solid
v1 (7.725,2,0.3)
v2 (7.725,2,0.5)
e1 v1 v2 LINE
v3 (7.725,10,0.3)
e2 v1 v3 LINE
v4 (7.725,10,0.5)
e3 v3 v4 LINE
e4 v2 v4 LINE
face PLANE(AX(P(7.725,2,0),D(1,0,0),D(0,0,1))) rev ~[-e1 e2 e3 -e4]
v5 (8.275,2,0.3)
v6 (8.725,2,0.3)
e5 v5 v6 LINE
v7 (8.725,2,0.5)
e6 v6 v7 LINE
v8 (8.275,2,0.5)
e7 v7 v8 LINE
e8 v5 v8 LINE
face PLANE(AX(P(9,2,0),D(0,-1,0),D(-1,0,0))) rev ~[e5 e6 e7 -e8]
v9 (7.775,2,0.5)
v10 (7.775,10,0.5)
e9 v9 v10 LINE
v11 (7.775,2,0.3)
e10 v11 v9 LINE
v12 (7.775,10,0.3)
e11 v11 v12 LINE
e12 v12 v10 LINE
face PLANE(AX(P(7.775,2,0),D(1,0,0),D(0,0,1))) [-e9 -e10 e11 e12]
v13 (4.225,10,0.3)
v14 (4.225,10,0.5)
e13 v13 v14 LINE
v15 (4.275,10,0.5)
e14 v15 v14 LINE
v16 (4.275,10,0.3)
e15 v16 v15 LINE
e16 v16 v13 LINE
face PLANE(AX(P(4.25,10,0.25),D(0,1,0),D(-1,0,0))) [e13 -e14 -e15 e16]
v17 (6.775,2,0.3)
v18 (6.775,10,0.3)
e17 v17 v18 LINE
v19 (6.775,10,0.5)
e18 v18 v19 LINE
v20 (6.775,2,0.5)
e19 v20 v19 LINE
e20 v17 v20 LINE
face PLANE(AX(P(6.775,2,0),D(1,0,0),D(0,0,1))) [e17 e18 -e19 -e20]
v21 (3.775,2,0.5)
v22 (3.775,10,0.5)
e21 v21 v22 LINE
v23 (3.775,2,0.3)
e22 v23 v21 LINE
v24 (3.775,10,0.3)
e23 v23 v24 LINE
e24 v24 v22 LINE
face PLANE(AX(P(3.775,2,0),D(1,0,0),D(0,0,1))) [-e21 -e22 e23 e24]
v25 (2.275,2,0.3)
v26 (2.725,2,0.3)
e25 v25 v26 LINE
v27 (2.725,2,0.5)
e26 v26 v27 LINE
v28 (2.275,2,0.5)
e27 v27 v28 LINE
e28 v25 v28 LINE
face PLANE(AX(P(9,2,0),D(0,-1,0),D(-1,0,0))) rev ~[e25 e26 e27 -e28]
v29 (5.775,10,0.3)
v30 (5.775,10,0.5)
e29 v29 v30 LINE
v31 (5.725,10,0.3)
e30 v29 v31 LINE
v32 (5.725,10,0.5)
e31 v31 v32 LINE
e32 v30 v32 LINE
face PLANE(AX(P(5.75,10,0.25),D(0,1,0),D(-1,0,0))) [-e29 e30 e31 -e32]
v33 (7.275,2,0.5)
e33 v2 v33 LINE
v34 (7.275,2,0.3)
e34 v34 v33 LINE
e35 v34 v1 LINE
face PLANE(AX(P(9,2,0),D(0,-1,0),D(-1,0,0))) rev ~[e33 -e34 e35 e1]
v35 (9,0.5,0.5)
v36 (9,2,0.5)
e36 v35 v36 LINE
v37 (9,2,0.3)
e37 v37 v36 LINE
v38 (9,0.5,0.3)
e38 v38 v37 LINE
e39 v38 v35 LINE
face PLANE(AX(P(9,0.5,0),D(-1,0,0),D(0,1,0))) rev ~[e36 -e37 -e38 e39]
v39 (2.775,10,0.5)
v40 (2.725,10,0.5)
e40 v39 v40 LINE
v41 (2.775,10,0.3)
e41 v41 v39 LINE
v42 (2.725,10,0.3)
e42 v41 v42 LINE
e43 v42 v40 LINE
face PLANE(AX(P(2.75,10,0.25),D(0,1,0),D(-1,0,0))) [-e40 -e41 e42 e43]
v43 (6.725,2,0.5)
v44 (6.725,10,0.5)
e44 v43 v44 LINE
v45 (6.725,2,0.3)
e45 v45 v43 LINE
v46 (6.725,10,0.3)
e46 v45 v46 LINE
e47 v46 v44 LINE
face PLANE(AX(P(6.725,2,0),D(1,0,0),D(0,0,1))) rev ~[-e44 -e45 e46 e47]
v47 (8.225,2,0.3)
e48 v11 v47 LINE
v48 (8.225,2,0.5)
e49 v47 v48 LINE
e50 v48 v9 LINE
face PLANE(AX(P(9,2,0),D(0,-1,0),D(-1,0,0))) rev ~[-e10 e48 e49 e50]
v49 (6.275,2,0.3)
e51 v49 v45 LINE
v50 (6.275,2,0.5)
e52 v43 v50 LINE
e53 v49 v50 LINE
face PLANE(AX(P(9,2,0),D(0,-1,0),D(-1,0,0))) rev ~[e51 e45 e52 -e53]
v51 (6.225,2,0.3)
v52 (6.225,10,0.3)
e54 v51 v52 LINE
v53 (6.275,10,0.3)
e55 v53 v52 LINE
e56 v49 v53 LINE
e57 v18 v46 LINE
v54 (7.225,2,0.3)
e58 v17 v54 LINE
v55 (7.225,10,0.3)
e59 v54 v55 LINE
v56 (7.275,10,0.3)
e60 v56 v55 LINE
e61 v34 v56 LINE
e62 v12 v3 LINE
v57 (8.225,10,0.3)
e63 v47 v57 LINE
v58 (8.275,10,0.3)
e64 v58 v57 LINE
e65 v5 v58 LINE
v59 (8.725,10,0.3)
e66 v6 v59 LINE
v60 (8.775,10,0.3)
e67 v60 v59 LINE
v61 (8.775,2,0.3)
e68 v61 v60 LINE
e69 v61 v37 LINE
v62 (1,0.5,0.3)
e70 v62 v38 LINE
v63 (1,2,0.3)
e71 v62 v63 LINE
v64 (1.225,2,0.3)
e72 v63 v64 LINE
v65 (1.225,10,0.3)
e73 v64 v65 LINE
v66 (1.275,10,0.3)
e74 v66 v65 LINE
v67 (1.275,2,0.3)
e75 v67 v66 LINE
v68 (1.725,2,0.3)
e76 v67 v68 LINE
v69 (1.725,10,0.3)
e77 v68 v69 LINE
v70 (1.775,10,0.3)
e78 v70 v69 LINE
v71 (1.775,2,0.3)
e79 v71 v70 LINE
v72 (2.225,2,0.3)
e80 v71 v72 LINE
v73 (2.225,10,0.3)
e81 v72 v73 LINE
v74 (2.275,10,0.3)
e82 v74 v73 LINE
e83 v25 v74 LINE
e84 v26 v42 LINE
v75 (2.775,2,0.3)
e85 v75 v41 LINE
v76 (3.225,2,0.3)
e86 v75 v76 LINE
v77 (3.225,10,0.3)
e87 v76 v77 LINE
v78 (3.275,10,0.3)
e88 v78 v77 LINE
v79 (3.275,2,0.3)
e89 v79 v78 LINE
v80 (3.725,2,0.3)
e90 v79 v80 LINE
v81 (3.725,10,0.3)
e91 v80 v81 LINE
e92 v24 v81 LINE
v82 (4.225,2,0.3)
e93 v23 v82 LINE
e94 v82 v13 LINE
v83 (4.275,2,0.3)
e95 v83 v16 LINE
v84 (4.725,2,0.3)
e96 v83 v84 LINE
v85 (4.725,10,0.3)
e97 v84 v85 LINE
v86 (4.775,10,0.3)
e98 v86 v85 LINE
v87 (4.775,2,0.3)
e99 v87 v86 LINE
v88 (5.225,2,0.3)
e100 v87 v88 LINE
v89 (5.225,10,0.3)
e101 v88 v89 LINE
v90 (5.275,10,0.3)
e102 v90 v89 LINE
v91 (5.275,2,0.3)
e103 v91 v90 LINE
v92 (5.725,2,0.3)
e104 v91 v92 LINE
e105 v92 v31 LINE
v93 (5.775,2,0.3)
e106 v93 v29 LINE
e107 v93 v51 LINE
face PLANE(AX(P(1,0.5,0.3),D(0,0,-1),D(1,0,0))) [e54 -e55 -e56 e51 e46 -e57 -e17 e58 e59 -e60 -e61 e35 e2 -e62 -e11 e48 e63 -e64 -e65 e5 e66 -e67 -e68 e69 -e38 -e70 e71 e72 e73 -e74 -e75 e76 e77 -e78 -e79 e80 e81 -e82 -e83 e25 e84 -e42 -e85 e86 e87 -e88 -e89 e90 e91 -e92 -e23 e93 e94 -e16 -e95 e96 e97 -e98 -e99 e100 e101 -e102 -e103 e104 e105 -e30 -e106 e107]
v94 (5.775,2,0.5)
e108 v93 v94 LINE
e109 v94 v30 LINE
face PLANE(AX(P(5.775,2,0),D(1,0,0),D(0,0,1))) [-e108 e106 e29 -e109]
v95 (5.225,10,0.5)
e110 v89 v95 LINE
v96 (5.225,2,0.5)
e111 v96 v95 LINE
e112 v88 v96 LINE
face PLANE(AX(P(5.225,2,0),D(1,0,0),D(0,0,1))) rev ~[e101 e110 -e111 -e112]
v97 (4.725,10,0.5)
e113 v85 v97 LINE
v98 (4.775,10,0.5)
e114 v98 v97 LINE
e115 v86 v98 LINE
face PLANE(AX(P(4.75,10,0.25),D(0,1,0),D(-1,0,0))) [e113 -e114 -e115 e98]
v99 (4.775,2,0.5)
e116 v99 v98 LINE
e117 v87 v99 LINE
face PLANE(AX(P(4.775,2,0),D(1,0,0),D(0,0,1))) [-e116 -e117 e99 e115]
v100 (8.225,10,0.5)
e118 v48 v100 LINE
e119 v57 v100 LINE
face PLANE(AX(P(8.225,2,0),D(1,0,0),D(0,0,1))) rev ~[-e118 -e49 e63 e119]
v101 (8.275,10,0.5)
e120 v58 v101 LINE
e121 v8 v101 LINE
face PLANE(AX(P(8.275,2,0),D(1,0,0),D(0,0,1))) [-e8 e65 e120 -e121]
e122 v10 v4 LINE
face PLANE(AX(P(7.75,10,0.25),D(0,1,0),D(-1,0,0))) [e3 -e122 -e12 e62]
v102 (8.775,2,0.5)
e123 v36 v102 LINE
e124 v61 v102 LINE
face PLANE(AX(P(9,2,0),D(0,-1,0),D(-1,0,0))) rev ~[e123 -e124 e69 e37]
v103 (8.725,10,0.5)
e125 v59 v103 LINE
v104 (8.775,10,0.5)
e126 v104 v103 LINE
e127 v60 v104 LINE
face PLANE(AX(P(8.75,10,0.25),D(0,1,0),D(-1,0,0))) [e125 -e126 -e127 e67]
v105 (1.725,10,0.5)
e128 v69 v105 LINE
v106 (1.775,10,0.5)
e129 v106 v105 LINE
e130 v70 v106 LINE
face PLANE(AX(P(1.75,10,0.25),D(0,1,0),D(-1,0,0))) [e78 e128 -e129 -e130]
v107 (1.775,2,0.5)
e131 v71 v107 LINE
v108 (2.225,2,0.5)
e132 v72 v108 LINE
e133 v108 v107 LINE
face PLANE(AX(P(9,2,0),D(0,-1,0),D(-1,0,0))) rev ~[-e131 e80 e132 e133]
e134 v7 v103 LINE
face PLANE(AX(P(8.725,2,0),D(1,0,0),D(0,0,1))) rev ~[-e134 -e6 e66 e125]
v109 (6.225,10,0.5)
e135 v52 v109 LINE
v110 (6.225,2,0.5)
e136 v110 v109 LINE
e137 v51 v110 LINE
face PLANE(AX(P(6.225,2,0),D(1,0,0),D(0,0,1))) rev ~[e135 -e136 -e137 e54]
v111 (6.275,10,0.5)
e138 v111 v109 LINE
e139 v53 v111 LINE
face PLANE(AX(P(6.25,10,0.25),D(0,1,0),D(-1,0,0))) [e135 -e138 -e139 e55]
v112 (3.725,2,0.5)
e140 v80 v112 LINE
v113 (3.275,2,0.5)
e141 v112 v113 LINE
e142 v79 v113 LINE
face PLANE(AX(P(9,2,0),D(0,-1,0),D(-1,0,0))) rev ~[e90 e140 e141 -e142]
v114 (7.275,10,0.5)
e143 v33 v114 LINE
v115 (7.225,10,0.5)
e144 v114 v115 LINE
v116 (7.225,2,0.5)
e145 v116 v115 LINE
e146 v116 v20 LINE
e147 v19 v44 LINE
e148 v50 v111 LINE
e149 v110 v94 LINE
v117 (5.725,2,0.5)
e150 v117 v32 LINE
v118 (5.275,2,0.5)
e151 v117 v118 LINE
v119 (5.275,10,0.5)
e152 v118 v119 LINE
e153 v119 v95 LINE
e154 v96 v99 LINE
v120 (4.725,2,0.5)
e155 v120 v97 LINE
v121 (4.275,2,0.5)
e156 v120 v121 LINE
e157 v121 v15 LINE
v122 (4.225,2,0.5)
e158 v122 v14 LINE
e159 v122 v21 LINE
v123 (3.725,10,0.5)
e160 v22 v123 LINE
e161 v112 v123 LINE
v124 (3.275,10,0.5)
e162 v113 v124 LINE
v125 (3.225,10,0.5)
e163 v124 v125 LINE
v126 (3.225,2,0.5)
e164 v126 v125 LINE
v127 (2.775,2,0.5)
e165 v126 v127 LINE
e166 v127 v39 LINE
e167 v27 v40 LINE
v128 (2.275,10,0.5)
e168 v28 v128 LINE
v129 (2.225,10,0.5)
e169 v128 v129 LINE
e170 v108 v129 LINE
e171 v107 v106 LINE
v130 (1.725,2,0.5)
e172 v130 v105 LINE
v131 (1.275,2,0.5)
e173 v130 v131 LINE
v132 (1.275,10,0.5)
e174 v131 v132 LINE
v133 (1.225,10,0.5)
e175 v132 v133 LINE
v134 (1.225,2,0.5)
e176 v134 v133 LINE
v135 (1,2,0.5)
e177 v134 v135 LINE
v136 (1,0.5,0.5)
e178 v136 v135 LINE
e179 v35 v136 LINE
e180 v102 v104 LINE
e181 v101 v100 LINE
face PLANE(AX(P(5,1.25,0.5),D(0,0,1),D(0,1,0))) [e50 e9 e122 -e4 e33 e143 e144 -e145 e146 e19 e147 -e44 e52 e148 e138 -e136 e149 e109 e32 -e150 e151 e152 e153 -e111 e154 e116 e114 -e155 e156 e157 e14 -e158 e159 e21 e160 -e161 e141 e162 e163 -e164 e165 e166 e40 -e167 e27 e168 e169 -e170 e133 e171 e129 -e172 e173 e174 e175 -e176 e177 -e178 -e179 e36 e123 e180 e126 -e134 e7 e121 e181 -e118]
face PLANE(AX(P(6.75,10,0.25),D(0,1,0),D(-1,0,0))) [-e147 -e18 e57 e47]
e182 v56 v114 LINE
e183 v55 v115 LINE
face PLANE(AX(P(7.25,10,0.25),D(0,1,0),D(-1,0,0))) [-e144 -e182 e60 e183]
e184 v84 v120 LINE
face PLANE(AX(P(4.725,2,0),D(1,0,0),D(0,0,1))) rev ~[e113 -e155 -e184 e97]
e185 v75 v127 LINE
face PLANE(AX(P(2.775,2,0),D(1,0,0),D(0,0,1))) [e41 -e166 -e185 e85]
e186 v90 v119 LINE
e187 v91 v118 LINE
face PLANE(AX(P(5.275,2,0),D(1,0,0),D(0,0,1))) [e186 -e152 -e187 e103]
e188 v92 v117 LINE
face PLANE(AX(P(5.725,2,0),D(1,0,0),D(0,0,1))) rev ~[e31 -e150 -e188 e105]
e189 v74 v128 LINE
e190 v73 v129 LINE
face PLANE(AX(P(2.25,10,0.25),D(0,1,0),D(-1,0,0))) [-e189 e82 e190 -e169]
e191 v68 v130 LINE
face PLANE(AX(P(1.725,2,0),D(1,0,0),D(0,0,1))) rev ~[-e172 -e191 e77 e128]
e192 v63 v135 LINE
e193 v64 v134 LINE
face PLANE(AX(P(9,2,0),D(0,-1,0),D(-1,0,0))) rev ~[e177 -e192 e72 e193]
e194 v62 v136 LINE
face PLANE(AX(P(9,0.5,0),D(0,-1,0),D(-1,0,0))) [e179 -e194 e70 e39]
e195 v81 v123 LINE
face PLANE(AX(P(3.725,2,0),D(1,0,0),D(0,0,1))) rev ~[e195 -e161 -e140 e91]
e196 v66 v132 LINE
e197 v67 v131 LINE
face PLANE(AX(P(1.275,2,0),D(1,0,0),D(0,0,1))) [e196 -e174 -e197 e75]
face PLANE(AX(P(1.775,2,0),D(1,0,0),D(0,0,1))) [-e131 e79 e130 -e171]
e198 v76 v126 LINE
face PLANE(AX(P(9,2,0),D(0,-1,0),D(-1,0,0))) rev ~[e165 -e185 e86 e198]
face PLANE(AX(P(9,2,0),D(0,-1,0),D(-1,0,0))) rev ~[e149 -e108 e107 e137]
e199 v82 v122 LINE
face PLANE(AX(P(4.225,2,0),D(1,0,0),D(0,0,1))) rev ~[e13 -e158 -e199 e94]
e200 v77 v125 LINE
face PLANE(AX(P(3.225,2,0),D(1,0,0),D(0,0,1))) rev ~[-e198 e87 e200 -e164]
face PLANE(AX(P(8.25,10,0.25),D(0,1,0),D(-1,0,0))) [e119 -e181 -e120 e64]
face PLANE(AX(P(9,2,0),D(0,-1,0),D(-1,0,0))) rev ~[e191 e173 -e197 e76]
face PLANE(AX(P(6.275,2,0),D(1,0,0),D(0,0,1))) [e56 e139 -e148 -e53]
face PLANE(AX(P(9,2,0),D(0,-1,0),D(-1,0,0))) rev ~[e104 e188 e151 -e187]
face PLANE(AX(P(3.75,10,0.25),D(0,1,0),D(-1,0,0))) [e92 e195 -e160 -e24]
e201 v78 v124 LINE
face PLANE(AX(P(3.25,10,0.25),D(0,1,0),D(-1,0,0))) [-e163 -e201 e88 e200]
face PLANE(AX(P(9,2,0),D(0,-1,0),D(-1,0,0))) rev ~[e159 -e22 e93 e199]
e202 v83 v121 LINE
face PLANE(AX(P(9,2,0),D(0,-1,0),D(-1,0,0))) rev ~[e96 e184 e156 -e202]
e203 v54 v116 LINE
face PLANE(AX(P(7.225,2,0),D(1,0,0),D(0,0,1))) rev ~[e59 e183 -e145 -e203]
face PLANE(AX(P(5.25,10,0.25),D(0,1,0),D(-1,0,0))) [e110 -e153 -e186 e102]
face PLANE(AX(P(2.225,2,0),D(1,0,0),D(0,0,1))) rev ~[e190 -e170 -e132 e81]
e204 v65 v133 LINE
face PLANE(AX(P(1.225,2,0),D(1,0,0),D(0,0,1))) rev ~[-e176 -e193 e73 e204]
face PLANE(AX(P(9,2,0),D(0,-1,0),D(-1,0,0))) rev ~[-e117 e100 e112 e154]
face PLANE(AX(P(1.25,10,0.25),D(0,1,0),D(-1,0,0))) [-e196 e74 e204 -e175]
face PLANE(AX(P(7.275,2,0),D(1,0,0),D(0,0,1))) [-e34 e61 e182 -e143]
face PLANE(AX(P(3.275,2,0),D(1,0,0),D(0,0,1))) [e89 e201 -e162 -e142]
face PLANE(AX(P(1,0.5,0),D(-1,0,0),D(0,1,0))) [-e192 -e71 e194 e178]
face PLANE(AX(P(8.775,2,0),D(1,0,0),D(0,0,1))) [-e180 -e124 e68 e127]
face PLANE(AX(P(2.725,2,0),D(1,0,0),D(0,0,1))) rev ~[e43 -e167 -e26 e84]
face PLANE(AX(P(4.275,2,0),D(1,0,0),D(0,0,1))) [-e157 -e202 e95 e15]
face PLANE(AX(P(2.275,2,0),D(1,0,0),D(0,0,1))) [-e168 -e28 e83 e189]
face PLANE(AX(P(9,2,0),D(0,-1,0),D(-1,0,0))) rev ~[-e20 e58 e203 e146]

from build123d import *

# Parameters (mm, degrees)
SKETCH1_W           = 1.5
SKETCH1_H           = 8
BOSS_EXTRUDE1_DEPTH = 0.5
SKETCH2_W           = 0.05
SKETCH2_H           = 0.5
BOSS_EXTRUDE2_DEPTH = 8
SKETCH3_W           = 8
SKETCH3_H           = 0.3
CUT_EXTRUDE1_DEPTH  = 14.095800854


with BuildPart() as part:
    # Sketch1 → Boss-Extrude1 (new body)
    with BuildSketch(Plane(origin=(0, 0, 0), x_dir=(0, 1, 0), z_dir=(0, 0, 1))):
        with Locations((1.25, -5)):
            Rectangle(SKETCH1_W, SKETCH1_H)
    extrude(amount=BOSS_EXTRUDE1_DEPTH)

    # Sketch2 → Boss-Extrude2 (add)
    with BuildSketch(Plane(origin=(0, 2, 0), x_dir=(-1, 0, 0), z_dir=(0, 1, 0))):
        with Locations((-8.75, 0.25)):
            Rectangle(SKETCH2_W, SKETCH2_H)
        with Locations((-8.25, 0.25)):
            Rectangle(SKETCH2_W, SKETCH2_H)
        with Locations((-7.75, 0.25)):
            Rectangle(SKETCH2_W, SKETCH2_H)
        with Locations((-7.25, 0.25)):
            Rectangle(SKETCH2_W, SKETCH2_H)
        with Locations((-6.75, 0.25)):
            Rectangle(SKETCH2_W, SKETCH2_H)
        with Locations((-6.25, 0.25)):
            Rectangle(SKETCH2_W, SKETCH2_H)
        with Locations((-5.75, 0.25)):
            Rectangle(SKETCH2_W, SKETCH2_H)
        with Locations((-5.25, 0.25)):
            Rectangle(SKETCH2_W, SKETCH2_H)
        with Locations((-4.75, 0.25)):
            Rectangle(SKETCH2_W, SKETCH2_H)
        with Locations((-4.25, 0.25)):
            Rectangle(SKETCH2_W, SKETCH2_H)
        with Locations((-3.75, 0.25)):
            Rectangle(SKETCH2_W, SKETCH2_H)
        with Locations((-3.25, 0.25)):
            Rectangle(SKETCH2_W, SKETCH2_H)
        with Locations((-2.75, 0.25)):
            Rectangle(SKETCH2_W, SKETCH2_H)
        with Locations((-2.25, 0.25)):
            Rectangle(SKETCH2_W, SKETCH2_H)
        with Locations((-1.75, 0.25)):
            Rectangle(SKETCH2_W, SKETCH2_H)
        with Locations((-1.25, 0.25)):
            Rectangle(SKETCH2_W, SKETCH2_H)
    extrude(amount=BOSS_EXTRUDE2_DEPTH)

    # Sketch3 → Cut-Extrude1 (cut, through all)
    with BuildSketch(Plane.XZ.offset(-0.5)):
        with Locations((5, 0.15)):
            Rectangle(SKETCH3_W, SKETCH3_H)
    extrude(amount=-CUT_EXTRUDE1_DEPTH, mode=Mode.SUBTRACT)


solid = part.part
